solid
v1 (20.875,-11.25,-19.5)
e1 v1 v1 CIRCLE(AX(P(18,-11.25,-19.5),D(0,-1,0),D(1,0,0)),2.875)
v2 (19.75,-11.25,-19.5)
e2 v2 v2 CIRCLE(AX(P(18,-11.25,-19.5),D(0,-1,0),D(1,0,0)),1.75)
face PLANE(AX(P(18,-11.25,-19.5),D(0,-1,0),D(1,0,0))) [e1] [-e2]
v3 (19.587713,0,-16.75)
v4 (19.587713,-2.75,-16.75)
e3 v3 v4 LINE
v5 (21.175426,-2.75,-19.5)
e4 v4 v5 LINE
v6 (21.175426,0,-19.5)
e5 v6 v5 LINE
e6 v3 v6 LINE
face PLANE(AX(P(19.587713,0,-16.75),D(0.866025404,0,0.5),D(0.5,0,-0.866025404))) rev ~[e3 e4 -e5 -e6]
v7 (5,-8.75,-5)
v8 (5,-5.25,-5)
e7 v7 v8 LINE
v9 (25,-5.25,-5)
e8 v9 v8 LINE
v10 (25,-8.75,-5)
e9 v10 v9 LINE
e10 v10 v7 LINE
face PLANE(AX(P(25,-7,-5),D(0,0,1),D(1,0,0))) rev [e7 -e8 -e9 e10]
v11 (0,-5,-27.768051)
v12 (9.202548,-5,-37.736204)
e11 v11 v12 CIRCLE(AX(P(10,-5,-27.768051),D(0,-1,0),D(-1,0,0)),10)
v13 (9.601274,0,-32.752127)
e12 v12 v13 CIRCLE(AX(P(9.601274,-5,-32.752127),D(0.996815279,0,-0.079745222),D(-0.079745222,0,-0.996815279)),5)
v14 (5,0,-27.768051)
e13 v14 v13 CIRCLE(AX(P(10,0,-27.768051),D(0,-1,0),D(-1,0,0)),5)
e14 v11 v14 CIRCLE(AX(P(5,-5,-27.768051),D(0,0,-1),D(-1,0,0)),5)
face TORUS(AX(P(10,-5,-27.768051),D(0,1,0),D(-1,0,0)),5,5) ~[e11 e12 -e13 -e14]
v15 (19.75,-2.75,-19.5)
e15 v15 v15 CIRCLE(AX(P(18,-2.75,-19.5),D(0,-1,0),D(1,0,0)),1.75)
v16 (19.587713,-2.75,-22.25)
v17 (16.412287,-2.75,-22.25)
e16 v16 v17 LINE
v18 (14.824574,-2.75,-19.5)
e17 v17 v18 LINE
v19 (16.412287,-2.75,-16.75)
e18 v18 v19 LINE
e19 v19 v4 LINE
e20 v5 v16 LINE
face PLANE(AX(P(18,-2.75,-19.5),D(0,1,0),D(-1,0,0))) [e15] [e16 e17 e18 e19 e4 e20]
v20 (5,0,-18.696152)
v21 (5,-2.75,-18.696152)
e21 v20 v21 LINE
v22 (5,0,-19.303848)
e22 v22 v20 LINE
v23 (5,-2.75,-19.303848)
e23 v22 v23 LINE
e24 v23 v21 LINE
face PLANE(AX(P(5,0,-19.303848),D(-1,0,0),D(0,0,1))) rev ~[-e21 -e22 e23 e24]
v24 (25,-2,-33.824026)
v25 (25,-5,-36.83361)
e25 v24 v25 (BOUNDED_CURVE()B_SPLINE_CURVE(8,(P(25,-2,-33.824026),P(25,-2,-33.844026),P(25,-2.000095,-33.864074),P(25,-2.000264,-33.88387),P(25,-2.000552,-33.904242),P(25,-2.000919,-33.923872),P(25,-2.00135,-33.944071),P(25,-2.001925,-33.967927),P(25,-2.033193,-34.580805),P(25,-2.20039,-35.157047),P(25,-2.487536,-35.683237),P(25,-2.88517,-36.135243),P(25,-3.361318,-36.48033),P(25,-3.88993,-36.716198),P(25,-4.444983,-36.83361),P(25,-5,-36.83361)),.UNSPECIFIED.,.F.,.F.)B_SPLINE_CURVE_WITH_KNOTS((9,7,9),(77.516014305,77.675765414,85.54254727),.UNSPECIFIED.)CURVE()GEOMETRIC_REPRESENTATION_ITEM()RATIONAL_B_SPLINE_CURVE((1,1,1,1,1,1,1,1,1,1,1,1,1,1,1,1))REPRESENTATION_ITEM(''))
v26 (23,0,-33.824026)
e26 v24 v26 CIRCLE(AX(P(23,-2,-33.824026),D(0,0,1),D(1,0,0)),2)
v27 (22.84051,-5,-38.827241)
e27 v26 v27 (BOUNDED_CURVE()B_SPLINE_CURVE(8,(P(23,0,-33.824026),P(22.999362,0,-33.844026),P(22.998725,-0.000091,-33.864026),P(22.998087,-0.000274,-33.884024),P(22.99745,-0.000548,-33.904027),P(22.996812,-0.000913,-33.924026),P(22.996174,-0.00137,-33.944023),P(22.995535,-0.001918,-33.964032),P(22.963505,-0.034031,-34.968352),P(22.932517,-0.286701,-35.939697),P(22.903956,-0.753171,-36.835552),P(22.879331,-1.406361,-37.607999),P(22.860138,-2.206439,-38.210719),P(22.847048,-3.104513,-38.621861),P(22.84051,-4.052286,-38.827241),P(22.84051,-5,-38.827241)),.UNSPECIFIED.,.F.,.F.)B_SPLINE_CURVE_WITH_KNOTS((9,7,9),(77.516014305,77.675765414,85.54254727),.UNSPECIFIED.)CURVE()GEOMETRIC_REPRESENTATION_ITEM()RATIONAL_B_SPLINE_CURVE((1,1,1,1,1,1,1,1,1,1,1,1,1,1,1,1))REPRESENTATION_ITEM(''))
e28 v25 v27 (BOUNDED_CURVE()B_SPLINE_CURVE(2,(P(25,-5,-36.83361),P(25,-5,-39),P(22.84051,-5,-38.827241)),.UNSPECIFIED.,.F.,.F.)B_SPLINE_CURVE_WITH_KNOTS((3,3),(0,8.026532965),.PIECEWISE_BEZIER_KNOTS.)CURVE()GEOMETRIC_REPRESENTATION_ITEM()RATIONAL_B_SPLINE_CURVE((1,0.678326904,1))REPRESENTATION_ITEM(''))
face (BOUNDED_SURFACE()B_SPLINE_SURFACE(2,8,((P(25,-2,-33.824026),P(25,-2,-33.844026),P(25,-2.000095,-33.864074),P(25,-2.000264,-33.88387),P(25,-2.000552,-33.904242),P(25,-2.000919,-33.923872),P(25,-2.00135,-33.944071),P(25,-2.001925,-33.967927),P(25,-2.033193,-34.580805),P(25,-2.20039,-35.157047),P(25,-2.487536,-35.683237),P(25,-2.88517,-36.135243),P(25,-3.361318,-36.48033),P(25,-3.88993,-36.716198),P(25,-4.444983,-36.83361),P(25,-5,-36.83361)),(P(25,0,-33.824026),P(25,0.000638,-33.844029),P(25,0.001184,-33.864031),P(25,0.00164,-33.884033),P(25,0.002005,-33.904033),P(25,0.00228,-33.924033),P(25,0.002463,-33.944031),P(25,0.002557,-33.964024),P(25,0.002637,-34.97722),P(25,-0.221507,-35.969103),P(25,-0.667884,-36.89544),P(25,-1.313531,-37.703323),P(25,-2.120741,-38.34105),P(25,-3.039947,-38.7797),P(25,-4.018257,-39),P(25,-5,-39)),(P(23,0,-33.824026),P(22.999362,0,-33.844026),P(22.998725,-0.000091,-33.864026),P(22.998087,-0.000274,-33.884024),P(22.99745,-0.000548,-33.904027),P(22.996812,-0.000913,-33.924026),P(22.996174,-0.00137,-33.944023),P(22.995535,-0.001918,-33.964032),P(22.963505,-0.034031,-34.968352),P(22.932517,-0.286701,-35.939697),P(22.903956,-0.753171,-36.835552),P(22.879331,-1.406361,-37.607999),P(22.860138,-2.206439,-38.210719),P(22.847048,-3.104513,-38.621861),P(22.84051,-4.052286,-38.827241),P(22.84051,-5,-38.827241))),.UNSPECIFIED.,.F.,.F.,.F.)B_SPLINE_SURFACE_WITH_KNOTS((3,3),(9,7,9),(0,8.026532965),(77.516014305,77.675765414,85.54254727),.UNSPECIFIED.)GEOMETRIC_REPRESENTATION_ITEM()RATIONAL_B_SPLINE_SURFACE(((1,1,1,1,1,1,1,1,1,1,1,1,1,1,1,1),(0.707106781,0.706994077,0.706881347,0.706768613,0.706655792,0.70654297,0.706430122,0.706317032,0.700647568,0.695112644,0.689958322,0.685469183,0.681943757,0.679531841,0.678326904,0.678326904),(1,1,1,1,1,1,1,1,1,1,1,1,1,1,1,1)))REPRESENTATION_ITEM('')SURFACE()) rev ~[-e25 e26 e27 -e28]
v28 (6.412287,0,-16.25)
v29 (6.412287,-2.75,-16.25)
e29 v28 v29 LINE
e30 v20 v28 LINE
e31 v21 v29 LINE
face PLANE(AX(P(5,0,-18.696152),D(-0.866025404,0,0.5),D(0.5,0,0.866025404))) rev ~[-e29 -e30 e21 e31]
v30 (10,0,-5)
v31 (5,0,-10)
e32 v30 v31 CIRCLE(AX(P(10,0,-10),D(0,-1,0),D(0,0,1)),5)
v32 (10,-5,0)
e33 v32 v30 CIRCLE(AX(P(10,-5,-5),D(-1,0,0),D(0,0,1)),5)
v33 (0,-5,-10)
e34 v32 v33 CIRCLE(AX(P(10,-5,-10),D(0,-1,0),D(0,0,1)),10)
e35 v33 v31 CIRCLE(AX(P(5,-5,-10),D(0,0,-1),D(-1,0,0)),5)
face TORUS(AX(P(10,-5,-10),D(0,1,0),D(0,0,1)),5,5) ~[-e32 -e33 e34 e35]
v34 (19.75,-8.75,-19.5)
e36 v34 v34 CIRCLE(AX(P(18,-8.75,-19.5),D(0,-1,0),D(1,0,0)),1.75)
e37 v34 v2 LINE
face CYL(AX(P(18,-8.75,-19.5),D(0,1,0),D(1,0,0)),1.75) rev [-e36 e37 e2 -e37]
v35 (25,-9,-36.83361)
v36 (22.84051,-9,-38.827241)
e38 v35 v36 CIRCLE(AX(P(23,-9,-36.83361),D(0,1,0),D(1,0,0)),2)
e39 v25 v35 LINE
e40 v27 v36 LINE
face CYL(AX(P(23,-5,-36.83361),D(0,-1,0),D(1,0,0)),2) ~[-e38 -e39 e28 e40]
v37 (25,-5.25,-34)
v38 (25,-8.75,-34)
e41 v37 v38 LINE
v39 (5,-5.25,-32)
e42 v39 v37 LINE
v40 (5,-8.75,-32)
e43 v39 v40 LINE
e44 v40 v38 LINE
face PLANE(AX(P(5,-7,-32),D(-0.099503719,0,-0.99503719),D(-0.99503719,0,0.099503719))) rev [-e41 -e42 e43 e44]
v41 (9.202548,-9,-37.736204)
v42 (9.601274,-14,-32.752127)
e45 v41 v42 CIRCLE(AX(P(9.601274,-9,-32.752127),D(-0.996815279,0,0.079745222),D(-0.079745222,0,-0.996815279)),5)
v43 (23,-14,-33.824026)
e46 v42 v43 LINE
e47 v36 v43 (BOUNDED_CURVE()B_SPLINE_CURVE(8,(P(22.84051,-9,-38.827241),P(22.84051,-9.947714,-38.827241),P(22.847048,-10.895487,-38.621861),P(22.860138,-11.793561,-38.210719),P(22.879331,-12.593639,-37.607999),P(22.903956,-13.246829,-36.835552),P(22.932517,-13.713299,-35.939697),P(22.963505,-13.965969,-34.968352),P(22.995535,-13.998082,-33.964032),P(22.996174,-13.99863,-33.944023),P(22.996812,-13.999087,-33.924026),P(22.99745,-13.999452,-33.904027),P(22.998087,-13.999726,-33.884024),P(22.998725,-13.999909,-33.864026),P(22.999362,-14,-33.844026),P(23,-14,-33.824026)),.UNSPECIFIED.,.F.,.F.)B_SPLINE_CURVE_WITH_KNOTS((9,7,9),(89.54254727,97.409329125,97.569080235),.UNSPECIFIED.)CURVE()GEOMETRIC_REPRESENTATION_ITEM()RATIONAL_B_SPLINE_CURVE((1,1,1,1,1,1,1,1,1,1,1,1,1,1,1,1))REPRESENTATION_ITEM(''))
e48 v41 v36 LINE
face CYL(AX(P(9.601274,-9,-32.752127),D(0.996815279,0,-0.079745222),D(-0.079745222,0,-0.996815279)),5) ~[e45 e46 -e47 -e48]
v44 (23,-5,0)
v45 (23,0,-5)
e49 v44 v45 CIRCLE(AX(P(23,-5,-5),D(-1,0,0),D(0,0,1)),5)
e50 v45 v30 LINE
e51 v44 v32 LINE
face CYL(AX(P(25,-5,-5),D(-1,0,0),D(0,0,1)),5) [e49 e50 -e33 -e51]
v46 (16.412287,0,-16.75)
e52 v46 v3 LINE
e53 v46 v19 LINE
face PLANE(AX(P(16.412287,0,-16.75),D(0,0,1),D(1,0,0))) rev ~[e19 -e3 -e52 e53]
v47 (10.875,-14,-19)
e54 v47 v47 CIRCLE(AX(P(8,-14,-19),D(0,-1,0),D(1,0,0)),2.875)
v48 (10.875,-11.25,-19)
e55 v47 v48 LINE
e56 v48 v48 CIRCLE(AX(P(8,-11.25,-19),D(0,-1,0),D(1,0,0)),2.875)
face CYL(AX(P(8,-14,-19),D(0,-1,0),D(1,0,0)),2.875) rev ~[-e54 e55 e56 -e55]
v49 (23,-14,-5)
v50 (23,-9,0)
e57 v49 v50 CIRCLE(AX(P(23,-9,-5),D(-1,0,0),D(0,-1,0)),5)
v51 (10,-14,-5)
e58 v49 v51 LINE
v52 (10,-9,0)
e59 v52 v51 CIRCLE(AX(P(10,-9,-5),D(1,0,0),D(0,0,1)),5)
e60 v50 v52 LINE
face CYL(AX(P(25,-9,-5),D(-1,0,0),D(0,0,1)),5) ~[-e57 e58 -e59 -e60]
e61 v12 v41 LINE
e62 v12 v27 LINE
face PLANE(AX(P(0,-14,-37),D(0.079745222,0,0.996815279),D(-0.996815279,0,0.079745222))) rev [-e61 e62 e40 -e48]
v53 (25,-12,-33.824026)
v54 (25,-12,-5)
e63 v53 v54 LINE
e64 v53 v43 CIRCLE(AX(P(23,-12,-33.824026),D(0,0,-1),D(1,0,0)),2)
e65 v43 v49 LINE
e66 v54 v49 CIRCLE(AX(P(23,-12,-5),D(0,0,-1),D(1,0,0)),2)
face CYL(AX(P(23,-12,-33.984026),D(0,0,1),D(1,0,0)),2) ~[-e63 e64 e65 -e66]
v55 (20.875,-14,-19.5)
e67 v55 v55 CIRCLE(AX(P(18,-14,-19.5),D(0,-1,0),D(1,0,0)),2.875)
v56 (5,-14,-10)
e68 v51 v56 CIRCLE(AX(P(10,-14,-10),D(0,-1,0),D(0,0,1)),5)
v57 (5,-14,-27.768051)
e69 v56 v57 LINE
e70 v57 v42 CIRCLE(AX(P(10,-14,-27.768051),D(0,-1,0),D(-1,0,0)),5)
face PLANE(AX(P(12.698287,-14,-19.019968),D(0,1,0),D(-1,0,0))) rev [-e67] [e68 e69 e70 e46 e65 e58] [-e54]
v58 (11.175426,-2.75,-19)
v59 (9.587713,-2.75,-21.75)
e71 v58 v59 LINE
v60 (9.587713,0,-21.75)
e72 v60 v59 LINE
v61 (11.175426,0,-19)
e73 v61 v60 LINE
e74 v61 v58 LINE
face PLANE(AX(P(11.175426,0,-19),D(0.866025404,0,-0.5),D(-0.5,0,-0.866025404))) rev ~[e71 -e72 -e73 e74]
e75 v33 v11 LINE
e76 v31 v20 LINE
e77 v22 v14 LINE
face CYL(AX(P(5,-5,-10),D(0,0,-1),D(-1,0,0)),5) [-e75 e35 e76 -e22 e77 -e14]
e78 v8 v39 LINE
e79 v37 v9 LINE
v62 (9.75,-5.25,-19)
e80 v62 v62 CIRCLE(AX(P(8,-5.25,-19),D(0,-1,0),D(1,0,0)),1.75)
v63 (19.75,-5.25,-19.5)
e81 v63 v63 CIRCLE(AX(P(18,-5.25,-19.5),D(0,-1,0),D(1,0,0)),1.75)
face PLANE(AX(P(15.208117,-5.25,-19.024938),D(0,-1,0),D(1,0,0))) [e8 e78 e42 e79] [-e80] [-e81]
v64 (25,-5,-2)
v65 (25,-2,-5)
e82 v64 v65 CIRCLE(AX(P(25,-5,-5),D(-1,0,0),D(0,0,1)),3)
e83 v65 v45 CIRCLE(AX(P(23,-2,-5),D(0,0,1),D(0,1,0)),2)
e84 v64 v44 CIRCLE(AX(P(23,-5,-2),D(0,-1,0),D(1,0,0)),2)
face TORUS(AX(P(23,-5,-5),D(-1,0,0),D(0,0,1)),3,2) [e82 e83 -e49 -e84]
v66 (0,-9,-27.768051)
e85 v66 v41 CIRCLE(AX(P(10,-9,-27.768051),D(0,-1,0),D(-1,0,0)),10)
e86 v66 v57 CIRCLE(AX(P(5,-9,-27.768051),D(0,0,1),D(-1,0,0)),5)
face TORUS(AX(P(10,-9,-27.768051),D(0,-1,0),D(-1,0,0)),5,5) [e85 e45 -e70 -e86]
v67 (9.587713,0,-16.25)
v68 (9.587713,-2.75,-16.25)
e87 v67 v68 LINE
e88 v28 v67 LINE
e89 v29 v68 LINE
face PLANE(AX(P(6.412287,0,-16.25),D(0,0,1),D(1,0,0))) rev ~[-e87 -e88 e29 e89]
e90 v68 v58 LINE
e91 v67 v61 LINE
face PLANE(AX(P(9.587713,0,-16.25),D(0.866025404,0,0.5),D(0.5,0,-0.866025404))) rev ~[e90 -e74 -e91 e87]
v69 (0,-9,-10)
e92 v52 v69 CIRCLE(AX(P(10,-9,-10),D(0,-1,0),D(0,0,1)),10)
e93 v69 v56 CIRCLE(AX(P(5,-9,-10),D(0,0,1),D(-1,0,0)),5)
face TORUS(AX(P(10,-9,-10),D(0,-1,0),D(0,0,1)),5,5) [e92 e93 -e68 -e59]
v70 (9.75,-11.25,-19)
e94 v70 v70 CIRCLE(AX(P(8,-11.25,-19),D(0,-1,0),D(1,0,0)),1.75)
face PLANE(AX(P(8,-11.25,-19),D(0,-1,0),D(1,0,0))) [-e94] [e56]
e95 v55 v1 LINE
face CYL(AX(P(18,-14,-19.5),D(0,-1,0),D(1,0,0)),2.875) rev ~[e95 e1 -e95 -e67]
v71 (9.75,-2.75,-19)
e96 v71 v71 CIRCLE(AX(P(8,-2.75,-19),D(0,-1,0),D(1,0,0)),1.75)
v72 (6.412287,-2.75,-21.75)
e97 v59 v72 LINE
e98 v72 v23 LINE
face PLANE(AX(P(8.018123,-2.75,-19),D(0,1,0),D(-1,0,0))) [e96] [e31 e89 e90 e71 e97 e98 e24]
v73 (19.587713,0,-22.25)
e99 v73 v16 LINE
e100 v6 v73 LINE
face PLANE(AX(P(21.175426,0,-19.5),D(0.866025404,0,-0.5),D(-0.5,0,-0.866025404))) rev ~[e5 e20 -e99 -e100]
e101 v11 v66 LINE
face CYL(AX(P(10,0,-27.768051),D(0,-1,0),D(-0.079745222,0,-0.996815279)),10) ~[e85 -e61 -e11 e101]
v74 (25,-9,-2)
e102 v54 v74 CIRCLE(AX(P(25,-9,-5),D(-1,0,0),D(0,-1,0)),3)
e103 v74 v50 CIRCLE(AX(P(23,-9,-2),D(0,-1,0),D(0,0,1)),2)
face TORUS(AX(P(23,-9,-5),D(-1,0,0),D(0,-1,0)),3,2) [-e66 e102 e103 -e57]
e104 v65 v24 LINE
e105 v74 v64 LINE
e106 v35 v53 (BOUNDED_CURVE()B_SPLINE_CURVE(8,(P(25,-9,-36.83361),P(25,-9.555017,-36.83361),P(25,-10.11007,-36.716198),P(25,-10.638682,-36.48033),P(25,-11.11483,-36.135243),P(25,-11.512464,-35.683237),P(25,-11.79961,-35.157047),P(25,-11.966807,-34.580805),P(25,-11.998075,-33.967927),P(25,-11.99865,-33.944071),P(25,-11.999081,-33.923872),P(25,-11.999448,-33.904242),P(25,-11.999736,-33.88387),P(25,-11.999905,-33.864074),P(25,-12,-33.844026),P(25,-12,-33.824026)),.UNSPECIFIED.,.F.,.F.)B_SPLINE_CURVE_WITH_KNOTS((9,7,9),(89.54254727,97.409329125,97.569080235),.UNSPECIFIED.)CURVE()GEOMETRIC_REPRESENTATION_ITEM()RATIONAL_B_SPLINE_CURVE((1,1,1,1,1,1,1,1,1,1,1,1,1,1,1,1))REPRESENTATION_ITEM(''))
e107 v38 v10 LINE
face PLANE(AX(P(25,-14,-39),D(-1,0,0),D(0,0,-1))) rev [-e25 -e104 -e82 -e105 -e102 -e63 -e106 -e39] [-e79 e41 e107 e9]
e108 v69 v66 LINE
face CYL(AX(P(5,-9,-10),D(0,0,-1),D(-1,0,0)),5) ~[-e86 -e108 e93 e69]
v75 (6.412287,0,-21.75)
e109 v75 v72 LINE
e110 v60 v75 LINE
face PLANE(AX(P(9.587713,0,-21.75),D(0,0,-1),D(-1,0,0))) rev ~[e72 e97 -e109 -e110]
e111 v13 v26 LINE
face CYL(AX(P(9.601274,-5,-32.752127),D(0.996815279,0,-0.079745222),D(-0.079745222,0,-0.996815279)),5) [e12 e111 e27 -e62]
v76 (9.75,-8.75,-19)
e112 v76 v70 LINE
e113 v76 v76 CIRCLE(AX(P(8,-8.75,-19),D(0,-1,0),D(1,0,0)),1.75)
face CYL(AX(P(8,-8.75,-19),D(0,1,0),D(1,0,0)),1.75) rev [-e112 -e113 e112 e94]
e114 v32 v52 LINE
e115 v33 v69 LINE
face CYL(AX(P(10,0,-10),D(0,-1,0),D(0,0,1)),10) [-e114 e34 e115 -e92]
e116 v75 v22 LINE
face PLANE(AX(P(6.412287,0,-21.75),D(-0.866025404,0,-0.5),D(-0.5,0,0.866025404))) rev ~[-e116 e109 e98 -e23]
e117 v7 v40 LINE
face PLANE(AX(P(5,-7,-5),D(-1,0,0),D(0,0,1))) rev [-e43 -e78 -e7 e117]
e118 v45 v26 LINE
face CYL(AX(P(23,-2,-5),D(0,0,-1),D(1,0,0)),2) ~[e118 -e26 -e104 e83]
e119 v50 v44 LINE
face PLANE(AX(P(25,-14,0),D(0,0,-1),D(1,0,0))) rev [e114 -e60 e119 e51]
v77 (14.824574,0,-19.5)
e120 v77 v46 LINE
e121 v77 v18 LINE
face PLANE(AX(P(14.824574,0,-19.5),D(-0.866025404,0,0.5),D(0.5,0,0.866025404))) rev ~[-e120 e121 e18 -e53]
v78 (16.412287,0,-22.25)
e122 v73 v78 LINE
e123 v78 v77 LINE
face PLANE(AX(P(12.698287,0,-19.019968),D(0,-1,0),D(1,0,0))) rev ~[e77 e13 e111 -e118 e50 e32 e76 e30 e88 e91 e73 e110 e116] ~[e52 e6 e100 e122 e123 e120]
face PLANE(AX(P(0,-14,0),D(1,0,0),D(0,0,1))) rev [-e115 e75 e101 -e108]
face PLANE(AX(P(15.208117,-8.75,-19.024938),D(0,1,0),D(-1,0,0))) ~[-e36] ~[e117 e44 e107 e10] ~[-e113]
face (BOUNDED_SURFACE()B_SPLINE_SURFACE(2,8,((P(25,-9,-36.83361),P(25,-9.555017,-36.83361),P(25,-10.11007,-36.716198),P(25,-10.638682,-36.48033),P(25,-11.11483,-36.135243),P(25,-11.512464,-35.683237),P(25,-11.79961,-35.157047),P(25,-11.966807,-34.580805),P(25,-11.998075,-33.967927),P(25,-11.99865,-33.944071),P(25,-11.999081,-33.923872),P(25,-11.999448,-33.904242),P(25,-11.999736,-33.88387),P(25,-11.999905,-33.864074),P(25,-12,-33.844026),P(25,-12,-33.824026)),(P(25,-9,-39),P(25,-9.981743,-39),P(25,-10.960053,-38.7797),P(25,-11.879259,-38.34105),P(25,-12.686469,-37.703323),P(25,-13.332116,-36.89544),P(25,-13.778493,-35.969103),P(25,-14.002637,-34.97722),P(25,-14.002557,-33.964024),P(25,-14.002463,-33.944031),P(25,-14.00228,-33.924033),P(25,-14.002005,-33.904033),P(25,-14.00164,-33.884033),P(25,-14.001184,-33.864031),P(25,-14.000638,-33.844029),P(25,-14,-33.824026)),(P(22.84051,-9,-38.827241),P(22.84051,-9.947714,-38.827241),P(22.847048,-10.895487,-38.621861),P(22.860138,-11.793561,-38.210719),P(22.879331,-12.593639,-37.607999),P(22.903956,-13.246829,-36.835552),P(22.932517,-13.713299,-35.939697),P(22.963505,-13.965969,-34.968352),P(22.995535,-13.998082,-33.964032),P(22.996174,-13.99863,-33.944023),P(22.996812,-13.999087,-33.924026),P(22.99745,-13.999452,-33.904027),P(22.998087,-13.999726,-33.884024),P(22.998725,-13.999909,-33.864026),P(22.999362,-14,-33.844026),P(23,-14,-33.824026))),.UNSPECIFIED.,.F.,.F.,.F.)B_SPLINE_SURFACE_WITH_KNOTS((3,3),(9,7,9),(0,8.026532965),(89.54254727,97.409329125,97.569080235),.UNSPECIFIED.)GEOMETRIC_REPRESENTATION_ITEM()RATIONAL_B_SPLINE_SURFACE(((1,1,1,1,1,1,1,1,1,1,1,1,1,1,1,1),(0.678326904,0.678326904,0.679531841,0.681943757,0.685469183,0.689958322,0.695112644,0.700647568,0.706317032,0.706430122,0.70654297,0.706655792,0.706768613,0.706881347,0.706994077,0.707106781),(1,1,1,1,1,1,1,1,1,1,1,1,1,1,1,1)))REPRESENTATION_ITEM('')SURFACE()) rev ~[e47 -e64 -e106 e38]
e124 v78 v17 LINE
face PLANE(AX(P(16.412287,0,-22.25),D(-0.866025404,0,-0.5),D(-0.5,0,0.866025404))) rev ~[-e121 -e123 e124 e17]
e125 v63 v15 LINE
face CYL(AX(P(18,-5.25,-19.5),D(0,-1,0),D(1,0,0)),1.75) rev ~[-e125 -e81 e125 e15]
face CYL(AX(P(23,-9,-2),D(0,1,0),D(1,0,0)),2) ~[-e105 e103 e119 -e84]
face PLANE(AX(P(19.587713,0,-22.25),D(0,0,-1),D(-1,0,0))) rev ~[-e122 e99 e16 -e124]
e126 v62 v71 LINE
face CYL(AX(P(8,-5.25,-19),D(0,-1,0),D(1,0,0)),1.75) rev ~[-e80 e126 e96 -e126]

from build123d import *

# Parameters (mm, degrees)
F1_DEPTH  = 7
F3_DEPTH  = 1.75
F4_R      = 1.75
F5_DEPTH  = 5.25
F7_R      = 10
F8_R      = 5
F9_R      = 2
F10_R     = 2.875
F10_R_2   = 1.75
F11_DEPTH = 2.75
F12_R     = 1.75
F13_DEPTH = 2.75


with BuildPart() as f1:
    # F0 (on Front) → F1 (new body)
    with BuildSketch(Plane.XZ):
        Polygon((25, 0), (0, 0), (0, -37), (25, -39), align=None)
    extrude(amount=F1_DEPTH)

    # F2 (on face) → F3 (cut)
    with BuildSketch(Plane.XZ.offset(7)):
        Polygon((25, -34), (25, -5), (5, -5), (5, -32), align=None)
    extrude(amount=-F3_DEPTH, mode=Mode.SUBTRACT)

    # F4 (on face) → F5 (cut)
    with BuildSketch(Plane.XZ.offset(5.25)):
        with Locations((8, -19)):
            Circle(F4_R)
        with Locations((18, -19.5)):
            Circle(F4_R)
    extrude(amount=-F5_DEPTH, mode=Mode.SUBTRACT)

    # F6: F1 across face


with BuildPart() as f1_1:
    add(f1.part)
    add(f1.part.mirror(Plane(origin=(9.0064102564, -7, -19.0021367521), x_dir=(1, 0, 0), z_dir=(0, -1, 0))))

    # F7
    f7_edges = [f1_1.edges().sort_by_distance(p)[0] for p in [
        (0, -7, 0),
        (0, -7, -37),
    ]]
    fillet(f7_edges, radius=F7_R)

    # F8
    f8_edges = [f1_1.edges().sort_by_distance(p)[0] for p in [
        (17.5, -14, 0),
        (17.5, 0, 0),
    ]]
    fillet(f8_edges, radius=F8_R)

    # F9
    f9_edges = [f1_1.edges().sort_by_distance(p)[0] for p in [
        (25, -14, -19.492013),
    ]]
    fillet(f9_edges, radius=F9_R)

    # F10 (on face) → F11 (cut)
    with BuildSketch(Plane.XZ.offset(14)):
        with Locations((8, -19)):
            Circle(F10_R)
        with Locations((8, -19)):
            Circle(F10_R_2, mode=Mode.SUBTRACT)
        with Locations((18, -19.5)):
            Circle(F10_R)
        with Locations((18, -19.5)):
            Circle(F10_R_2, mode=Mode.SUBTRACT)
    extrude(amount=-F11_DEPTH, mode=Mode.SUBTRACT)

    # F12 (on face) → F13 (cut)
    with BuildSketch(Plane(origin=(0, 0, 0), x_dir=(-1, 0, 0), z_dir=(0, 1, 0))):
        Polygon((-16.4122867597, -16.75), (-19.5877132403, -16.75), (-21.1754264805, -19.5), (-19.5877132403, -22.25), (-16.4122867597, -22.25), (-14.8245735195, -19.5), align=None)
        with Locations((-18, -19.5)):
            Circle(F12_R, mode=Mode.SUBTRACT)
        Polygon((-6.4122867597, -16.25), (-9.5877132403, -16.25), (-11.1754264805, -19), (-9.5877132403, -21.75), (-6.4122867597, -21.75), (-5, -19.3038475773), (-5, -18.6961524227), align=None)
        with Locations((-8, -19)):
            Circle(F12_R, mode=Mode.SUBTRACT)
    extrude(amount=-F13_DEPTH, mode=Mode.SUBTRACT)


solid = f1_1.part
